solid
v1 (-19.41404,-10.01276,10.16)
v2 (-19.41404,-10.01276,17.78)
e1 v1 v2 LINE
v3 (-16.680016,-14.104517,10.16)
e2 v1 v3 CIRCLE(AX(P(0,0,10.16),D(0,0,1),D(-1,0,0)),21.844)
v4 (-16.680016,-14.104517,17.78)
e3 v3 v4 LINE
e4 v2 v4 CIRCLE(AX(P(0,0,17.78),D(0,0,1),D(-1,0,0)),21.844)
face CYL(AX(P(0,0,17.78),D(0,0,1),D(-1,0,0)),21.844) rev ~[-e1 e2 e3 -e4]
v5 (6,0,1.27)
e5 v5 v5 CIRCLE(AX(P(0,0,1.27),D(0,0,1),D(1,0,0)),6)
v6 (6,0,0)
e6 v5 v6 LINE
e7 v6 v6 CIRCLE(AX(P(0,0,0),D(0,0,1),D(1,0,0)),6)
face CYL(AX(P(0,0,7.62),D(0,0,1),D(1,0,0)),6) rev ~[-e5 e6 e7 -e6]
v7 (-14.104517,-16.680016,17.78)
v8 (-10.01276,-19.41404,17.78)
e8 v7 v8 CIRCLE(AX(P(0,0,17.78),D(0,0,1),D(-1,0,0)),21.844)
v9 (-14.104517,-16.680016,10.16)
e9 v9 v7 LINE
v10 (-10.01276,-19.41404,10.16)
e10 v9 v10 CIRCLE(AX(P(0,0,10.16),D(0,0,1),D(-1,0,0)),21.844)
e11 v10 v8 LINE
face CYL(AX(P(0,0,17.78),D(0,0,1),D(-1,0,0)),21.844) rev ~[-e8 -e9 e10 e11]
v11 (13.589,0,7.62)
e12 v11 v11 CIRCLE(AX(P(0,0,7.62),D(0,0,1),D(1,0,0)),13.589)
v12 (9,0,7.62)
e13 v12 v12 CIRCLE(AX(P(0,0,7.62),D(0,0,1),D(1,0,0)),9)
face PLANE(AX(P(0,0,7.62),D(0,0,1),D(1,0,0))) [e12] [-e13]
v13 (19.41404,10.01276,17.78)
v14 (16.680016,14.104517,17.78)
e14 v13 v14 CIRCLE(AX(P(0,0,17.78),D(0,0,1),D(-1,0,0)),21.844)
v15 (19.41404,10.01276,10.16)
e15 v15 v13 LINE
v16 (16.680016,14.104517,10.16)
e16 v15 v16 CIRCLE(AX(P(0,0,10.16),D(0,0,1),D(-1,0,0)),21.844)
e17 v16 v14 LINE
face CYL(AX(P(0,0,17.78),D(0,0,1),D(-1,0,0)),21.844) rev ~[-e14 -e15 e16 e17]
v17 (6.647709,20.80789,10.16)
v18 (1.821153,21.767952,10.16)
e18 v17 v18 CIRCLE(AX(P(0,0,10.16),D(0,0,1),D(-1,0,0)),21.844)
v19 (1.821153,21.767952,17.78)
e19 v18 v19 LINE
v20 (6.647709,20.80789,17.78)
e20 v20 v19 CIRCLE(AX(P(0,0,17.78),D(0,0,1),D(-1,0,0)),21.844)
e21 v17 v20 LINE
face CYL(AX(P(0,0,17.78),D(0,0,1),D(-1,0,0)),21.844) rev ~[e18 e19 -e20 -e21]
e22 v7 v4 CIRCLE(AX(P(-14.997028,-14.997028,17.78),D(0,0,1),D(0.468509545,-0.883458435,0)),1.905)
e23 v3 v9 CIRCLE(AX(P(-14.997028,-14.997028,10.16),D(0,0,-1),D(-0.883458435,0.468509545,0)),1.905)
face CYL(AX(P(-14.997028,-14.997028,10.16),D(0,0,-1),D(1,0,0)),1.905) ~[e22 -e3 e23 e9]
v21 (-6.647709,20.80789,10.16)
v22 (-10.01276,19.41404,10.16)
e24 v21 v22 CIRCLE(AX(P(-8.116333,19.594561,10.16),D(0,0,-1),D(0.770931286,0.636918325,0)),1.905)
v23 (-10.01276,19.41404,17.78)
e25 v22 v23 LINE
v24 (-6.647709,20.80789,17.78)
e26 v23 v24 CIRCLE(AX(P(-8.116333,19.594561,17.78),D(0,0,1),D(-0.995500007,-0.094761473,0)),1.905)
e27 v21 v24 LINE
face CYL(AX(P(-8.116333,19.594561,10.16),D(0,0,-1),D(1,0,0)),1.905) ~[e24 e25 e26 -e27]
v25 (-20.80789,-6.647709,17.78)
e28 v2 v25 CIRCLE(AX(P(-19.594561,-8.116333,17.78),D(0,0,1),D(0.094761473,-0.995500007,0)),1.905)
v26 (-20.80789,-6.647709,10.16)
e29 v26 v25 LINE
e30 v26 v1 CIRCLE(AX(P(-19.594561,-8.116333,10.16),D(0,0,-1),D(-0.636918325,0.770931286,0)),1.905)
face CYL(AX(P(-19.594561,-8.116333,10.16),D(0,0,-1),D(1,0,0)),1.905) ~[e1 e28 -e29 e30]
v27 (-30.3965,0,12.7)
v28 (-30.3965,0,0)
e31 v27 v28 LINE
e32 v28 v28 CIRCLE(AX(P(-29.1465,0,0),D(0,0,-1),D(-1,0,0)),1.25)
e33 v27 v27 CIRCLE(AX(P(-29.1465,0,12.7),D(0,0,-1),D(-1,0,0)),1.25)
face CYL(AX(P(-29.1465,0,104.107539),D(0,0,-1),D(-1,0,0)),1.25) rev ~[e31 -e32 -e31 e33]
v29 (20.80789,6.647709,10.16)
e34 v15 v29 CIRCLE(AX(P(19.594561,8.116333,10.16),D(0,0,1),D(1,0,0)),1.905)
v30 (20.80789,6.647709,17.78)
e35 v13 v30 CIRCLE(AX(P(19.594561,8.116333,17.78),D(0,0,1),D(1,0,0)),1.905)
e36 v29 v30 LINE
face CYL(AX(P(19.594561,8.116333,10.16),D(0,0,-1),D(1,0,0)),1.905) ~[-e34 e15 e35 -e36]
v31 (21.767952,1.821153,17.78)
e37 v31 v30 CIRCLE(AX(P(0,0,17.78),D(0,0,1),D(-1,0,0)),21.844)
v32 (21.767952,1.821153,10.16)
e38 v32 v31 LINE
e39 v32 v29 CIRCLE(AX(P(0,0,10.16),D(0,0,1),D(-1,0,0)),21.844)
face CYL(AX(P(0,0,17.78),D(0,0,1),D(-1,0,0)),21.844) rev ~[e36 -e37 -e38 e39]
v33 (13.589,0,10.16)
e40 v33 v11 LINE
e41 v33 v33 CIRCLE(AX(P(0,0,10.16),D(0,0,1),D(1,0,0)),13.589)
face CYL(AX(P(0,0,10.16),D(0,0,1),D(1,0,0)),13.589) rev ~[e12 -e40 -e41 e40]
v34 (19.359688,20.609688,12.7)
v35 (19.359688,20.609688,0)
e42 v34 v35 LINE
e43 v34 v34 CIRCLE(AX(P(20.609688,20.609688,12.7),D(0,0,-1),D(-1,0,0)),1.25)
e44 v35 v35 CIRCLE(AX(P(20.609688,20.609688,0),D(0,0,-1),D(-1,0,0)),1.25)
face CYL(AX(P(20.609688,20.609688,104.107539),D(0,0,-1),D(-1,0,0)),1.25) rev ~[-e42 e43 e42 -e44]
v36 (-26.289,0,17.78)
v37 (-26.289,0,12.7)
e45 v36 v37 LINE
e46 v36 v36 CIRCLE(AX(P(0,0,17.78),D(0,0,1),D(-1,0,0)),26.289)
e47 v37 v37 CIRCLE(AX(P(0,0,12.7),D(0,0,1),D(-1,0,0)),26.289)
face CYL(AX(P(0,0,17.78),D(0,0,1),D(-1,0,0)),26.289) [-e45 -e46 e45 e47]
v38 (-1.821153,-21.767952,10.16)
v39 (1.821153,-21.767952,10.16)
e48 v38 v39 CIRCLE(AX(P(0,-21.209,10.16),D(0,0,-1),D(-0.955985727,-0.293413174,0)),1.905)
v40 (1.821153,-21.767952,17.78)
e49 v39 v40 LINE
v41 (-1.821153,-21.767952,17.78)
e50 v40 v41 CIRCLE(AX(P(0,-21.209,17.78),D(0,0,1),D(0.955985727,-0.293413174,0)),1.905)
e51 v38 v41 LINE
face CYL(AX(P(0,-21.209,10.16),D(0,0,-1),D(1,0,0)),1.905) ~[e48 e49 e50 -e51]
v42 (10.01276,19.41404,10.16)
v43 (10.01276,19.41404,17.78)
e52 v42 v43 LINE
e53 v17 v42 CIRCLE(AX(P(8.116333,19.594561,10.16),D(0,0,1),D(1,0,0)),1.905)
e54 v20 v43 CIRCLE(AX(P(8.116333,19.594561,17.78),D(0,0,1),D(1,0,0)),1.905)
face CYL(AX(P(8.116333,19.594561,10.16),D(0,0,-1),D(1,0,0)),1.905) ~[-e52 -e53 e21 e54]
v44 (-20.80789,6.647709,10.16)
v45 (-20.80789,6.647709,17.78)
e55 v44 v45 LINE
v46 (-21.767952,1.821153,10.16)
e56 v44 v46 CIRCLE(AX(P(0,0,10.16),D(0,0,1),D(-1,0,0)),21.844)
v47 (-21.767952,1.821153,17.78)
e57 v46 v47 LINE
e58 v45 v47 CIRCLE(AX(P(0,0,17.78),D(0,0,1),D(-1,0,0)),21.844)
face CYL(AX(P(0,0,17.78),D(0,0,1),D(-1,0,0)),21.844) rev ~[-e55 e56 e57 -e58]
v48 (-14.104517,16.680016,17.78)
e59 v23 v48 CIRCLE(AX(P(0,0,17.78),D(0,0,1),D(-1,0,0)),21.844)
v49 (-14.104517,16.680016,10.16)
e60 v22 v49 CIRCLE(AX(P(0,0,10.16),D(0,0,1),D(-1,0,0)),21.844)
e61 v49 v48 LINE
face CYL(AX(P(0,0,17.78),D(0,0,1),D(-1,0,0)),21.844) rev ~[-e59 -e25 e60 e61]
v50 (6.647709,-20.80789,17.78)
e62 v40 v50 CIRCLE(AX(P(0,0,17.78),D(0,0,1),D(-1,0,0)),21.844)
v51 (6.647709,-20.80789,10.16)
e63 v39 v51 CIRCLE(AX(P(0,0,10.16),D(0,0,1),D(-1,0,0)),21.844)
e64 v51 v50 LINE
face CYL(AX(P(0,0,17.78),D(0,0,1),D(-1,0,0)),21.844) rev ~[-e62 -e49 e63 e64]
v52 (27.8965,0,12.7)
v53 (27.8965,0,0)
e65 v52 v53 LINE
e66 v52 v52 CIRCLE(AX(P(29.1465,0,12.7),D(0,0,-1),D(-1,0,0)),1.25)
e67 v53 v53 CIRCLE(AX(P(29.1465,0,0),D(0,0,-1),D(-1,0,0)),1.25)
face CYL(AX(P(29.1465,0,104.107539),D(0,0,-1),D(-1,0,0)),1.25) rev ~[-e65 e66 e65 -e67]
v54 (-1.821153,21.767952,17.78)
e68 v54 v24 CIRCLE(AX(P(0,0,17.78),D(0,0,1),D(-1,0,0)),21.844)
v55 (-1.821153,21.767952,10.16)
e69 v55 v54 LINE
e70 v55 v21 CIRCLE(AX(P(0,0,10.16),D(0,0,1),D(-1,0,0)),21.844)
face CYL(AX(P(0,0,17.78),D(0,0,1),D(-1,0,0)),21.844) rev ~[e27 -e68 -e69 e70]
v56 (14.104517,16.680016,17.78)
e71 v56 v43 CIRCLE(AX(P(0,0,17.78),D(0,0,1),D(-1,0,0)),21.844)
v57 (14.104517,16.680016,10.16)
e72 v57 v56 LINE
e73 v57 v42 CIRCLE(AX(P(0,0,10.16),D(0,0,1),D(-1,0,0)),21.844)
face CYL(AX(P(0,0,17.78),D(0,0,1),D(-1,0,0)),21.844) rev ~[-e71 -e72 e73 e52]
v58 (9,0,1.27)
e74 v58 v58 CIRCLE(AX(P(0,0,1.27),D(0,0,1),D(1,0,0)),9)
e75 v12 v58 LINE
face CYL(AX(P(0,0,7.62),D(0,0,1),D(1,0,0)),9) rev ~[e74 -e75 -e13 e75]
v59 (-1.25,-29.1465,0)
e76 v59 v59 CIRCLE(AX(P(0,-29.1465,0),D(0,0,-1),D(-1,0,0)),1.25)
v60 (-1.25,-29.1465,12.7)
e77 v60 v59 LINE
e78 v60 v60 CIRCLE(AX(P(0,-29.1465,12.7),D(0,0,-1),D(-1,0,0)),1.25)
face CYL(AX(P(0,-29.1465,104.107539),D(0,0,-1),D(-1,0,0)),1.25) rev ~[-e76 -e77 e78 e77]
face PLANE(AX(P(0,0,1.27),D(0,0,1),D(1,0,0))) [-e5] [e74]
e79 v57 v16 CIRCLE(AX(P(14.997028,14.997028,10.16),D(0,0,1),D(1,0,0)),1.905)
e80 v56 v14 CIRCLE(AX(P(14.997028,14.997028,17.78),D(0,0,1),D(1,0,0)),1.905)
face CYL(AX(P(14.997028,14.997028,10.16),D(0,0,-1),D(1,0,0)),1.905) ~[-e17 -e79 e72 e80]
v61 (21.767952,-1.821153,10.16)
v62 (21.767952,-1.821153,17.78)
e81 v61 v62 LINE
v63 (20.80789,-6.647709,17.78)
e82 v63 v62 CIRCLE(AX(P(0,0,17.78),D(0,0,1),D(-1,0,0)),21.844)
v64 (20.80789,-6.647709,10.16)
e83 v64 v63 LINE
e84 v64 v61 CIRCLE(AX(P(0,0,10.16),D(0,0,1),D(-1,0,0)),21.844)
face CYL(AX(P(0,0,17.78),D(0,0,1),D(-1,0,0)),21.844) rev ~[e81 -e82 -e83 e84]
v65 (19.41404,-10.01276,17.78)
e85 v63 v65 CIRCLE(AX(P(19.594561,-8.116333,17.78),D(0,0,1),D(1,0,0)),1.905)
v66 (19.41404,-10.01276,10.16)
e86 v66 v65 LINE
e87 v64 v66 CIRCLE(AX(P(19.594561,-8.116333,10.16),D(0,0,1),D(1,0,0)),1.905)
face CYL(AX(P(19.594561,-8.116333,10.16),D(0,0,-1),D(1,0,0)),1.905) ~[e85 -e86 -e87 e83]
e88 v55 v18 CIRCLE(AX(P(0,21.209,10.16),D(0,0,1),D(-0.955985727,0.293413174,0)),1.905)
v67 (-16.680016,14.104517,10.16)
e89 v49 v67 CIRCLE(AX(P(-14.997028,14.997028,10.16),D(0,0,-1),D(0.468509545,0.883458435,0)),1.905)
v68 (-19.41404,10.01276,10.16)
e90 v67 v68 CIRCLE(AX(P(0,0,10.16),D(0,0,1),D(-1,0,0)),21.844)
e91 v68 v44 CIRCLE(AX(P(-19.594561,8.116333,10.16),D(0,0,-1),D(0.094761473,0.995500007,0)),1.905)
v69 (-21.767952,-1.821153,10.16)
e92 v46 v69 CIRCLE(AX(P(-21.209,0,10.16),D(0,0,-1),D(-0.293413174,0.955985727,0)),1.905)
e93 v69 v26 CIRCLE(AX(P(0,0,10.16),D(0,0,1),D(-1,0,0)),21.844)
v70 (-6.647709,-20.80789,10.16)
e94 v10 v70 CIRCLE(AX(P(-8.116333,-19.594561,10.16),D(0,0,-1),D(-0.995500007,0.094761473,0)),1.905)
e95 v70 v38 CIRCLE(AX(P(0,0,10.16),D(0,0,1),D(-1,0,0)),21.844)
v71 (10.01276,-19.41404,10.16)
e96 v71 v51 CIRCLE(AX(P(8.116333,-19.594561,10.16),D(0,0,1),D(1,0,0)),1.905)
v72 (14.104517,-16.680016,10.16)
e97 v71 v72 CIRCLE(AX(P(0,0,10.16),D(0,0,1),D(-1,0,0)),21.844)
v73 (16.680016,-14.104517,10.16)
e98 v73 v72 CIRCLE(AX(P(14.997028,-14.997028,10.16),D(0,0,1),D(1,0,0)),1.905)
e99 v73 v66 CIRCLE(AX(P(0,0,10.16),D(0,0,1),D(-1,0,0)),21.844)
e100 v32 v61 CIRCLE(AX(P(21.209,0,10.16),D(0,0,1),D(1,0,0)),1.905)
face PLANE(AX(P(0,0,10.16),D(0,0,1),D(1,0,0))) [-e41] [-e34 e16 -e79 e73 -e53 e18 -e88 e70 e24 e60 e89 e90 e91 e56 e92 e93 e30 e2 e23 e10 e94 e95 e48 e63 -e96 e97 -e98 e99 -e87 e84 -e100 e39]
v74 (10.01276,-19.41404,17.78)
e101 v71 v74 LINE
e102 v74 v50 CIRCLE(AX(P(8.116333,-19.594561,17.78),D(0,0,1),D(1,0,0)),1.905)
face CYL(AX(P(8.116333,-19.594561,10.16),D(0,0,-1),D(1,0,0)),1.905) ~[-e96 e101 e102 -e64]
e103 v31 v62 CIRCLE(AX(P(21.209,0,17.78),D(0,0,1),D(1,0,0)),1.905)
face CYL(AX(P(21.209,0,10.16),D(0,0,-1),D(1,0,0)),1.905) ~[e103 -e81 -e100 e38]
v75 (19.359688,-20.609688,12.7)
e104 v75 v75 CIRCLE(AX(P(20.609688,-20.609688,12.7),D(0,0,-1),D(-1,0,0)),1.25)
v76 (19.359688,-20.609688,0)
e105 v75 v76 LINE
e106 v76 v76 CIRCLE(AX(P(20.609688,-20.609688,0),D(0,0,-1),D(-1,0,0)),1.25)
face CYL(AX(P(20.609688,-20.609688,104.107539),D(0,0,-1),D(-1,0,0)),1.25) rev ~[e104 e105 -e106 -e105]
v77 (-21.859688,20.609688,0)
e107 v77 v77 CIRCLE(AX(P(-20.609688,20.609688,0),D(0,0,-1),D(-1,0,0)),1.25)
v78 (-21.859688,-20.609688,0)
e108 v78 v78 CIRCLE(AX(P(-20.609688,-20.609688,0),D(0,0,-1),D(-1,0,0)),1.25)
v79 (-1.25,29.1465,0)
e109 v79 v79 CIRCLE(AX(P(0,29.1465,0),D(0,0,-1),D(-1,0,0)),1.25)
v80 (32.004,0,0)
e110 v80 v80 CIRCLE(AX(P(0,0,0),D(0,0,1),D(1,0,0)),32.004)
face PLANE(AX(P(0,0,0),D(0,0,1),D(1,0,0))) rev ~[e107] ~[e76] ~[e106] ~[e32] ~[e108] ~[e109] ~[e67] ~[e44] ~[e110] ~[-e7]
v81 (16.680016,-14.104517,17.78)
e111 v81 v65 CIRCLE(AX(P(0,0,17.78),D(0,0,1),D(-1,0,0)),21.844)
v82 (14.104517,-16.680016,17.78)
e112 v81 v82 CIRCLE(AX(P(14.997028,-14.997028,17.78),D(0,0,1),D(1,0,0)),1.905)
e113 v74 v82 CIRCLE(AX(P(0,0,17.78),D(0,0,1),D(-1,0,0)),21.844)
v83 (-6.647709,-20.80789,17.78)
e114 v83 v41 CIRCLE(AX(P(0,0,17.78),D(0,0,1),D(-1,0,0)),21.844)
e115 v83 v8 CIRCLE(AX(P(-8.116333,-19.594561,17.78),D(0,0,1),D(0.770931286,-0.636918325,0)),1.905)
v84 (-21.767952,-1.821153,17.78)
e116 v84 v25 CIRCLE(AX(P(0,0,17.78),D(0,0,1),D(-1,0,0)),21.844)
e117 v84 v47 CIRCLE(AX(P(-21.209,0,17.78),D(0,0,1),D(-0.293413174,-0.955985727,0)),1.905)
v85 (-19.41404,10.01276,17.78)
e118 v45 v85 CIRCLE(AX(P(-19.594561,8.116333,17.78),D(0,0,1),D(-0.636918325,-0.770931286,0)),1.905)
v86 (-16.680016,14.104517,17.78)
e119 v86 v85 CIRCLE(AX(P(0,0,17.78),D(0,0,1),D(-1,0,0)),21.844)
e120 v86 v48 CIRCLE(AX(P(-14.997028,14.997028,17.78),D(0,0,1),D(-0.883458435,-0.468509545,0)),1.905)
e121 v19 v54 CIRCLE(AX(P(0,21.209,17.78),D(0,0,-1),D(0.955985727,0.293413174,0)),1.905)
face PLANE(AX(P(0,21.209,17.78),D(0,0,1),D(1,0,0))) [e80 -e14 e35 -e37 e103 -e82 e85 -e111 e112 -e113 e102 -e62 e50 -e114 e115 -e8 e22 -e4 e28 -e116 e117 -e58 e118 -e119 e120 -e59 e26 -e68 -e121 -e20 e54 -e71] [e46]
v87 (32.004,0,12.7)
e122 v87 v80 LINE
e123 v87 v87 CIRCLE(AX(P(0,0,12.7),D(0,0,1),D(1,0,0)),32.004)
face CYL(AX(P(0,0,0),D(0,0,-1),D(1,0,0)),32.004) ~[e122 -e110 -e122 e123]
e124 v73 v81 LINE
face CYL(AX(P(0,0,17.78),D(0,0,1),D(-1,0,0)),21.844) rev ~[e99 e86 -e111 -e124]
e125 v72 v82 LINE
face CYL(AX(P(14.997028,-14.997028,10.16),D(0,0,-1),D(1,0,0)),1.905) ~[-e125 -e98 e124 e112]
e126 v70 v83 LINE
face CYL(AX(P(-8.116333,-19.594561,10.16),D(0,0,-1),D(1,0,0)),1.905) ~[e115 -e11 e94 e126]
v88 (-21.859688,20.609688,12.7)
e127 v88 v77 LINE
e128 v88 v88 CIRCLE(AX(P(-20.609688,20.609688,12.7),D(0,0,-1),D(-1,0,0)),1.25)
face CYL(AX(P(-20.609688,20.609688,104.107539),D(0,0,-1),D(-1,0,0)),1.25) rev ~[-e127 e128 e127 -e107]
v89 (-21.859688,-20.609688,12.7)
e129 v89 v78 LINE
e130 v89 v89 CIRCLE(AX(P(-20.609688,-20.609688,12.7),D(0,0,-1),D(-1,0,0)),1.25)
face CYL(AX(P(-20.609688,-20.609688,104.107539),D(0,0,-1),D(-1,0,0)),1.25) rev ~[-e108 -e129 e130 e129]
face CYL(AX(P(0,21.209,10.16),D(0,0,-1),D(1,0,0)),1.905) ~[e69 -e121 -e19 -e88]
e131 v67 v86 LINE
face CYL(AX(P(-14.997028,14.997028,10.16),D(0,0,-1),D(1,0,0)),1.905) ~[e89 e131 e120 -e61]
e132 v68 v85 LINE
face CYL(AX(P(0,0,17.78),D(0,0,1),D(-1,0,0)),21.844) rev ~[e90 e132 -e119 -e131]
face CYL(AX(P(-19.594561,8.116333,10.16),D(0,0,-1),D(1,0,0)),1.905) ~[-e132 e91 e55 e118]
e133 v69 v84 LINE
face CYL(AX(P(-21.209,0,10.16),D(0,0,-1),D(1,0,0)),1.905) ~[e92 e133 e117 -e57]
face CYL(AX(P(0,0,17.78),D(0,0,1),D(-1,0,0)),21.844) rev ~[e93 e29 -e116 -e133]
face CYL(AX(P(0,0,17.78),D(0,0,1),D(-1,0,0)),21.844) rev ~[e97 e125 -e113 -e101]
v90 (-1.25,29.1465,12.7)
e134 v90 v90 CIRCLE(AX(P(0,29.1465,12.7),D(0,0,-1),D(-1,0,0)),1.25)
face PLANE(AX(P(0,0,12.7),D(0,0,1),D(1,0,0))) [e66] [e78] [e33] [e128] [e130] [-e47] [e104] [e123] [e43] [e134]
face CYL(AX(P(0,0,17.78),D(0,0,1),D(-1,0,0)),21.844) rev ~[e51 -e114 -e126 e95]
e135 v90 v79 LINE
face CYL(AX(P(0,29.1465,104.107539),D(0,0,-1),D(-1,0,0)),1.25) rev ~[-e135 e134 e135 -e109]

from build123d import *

# Parameters (mm, degrees)
SKETCH1_R             = 32.004
BOSS_EXTRUDE1_DEPTH   = 12.7
SKETCH2_OUTSIDE_W     = 84.29
SKETCH2_OUTSIDE_H     = 84.29
SKETCH2_OUTSIDE_R     = 32.004
SKETCH2_OUTSIDE_R_2   = 26.289
CUT_EXTRUDE1_DEPTH    = 2.54
SKETCH4_R             = 13.589
CUT_EXTRUDE3_DEPTH    = 2.54
SKETCH5_R             = 6
CUT_EXTRUDE4_DEPTH    = 46.897455616
M3X0_5_TAPPED_HOLE1_D = 2.5
SKETCH5_3_R           = 9
SKETCH5_3_R_2         = 6
CUT_EXTRUDE5_DEPTH    = 6.35
BOSS_EXTRUDE2_START   = 7.62
SKETCH8_R             = 26.289
SKETCH8_R_2           = 21.844
BOSS_EXTRUDE2_DEPTH   = 7.62
SKETCH3_R             = 1.905
BOSS_EXTRUDE3_DEPTH   = 7.62


with BuildPart() as part:
    # Sketch1 → Boss-Extrude1 (new body)
    with BuildSketch(Plane.XY):
        Circle(SKETCH1_R)
    extrude(amount=BOSS_EXTRUDE1_DEPTH)

    # Sketch2 outside → Cut-Extrude1 (cut)
    # profile 1 of 2: a face of its own
    with BuildSketch(Plane.XY.offset(12.7)):
        Rectangle(SKETCH2_OUTSIDE_W, SKETCH2_OUTSIDE_H)
        Circle(SKETCH2_OUTSIDE_R, mode=Mode.SUBTRACT)
    # profile 2 of 2: a face of its own
    with BuildSketch(Plane.XY.offset(12.7)):
        Circle(SKETCH2_OUTSIDE_R_2)
    extrude(amount=-CUT_EXTRUDE1_DEPTH, mode=Mode.SUBTRACT)

    # Sketch4 → Cut-Extrude3 (cut)
    with BuildSketch(Plane.XY.offset(10.16)):
        Circle(SKETCH4_R)
    extrude(amount=-CUT_EXTRUDE3_DEPTH, mode=Mode.SUBTRACT)

    # Sketch5 → Cut-Extrude4 (cut, through all)
    with BuildSketch(Plane.XY.offset(7.62)):
        Circle(SKETCH5_R)
    extrude(amount=-CUT_EXTRUDE4_DEPTH, mode=Mode.SUBTRACT)

    # M3x0.5 Tapped Hole1 (through all)
    with Locations(Plane.XY.offset(12.7)):
        with Locations((-20.609687798, 20.609687798), (0, 29.1465), (20.609687798, 20.609687798), (29.1465, 0), (20.609687798, -20.609687798), (0, -29.1465), (-20.609687798, -20.609687798), (-29.1465, 0)):
            Hole(M3X0_5_TAPPED_HOLE1_D / 2)

    # Sketch5<3> → Cut-Extrude5 (cut)
    with BuildSketch(Plane.XY.offset(7.62)):
        Circle(SKETCH5_3_R)
        Circle(SKETCH5_3_R_2, mode=Mode.SUBTRACT)
    extrude(amount=-CUT_EXTRUDE5_DEPTH, mode=Mode.SUBTRACT)

    # Sketch8 → Boss-Extrude2 (add)
    with BuildSketch(Plane.XY.offset(10.16).offset(BOSS_EXTRUDE2_START)):
        with Locations(Location((0, 0, 0), (0, 0, 180))):
            Circle(SKETCH8_R)
        with Locations(Location((0, 0, 0), (0, 0, 180))):
            Circle(SKETCH8_R_2, mode=Mode.SUBTRACT)
    extrude(amount=-BOSS_EXTRUDE2_DEPTH)

    # Sketch3 → Boss-Extrude3 (add)
    with BuildSketch(Plane.XY.offset(10.16)):
        with Locations((0, 21.209)):
            Circle(SKETCH3_R)
        with Locations((8.116332917, 19.594561005)):
            Circle(SKETCH3_R)
        with Locations((14.997027722, 14.997027722)):
            Circle(SKETCH3_R)
        with Locations((19.594561005, 8.116332917)):
            Circle(SKETCH3_R)
        with Locations((21.209, 0)):
            Circle(SKETCH3_R)
        with Locations((19.594561005, -8.116332917)):
            Circle(SKETCH3_R)
        with Locations((14.997027722, -14.997027722)):
            Circle(SKETCH3_R)
        with Locations((8.116332917, -19.594561005)):
            Circle(SKETCH3_R)
        with Locations((0, -21.209)):
            Circle(SKETCH3_R)
        with Locations((-8.116332917, -19.594561005)):
            Circle(SKETCH3_R)
        with Locations((-14.997027722, -14.997027722)):
            Circle(SKETCH3_R)
        with Locations((-19.594561005, -8.116332917)):
            Circle(SKETCH3_R)
        with Locations((-21.209, 0)):
            Circle(SKETCH3_R)
        with Locations((-19.594561005, 8.116332917)):
            Circle(SKETCH3_R)
        with Locations((-14.997027722, 14.997027722)):
            Circle(SKETCH3_R)
        with Locations((-8.116332917, 19.594561005)):
            Circle(SKETCH3_R)
    extrude(amount=BOSS_EXTRUDE3_DEPTH)


solid = part.part
